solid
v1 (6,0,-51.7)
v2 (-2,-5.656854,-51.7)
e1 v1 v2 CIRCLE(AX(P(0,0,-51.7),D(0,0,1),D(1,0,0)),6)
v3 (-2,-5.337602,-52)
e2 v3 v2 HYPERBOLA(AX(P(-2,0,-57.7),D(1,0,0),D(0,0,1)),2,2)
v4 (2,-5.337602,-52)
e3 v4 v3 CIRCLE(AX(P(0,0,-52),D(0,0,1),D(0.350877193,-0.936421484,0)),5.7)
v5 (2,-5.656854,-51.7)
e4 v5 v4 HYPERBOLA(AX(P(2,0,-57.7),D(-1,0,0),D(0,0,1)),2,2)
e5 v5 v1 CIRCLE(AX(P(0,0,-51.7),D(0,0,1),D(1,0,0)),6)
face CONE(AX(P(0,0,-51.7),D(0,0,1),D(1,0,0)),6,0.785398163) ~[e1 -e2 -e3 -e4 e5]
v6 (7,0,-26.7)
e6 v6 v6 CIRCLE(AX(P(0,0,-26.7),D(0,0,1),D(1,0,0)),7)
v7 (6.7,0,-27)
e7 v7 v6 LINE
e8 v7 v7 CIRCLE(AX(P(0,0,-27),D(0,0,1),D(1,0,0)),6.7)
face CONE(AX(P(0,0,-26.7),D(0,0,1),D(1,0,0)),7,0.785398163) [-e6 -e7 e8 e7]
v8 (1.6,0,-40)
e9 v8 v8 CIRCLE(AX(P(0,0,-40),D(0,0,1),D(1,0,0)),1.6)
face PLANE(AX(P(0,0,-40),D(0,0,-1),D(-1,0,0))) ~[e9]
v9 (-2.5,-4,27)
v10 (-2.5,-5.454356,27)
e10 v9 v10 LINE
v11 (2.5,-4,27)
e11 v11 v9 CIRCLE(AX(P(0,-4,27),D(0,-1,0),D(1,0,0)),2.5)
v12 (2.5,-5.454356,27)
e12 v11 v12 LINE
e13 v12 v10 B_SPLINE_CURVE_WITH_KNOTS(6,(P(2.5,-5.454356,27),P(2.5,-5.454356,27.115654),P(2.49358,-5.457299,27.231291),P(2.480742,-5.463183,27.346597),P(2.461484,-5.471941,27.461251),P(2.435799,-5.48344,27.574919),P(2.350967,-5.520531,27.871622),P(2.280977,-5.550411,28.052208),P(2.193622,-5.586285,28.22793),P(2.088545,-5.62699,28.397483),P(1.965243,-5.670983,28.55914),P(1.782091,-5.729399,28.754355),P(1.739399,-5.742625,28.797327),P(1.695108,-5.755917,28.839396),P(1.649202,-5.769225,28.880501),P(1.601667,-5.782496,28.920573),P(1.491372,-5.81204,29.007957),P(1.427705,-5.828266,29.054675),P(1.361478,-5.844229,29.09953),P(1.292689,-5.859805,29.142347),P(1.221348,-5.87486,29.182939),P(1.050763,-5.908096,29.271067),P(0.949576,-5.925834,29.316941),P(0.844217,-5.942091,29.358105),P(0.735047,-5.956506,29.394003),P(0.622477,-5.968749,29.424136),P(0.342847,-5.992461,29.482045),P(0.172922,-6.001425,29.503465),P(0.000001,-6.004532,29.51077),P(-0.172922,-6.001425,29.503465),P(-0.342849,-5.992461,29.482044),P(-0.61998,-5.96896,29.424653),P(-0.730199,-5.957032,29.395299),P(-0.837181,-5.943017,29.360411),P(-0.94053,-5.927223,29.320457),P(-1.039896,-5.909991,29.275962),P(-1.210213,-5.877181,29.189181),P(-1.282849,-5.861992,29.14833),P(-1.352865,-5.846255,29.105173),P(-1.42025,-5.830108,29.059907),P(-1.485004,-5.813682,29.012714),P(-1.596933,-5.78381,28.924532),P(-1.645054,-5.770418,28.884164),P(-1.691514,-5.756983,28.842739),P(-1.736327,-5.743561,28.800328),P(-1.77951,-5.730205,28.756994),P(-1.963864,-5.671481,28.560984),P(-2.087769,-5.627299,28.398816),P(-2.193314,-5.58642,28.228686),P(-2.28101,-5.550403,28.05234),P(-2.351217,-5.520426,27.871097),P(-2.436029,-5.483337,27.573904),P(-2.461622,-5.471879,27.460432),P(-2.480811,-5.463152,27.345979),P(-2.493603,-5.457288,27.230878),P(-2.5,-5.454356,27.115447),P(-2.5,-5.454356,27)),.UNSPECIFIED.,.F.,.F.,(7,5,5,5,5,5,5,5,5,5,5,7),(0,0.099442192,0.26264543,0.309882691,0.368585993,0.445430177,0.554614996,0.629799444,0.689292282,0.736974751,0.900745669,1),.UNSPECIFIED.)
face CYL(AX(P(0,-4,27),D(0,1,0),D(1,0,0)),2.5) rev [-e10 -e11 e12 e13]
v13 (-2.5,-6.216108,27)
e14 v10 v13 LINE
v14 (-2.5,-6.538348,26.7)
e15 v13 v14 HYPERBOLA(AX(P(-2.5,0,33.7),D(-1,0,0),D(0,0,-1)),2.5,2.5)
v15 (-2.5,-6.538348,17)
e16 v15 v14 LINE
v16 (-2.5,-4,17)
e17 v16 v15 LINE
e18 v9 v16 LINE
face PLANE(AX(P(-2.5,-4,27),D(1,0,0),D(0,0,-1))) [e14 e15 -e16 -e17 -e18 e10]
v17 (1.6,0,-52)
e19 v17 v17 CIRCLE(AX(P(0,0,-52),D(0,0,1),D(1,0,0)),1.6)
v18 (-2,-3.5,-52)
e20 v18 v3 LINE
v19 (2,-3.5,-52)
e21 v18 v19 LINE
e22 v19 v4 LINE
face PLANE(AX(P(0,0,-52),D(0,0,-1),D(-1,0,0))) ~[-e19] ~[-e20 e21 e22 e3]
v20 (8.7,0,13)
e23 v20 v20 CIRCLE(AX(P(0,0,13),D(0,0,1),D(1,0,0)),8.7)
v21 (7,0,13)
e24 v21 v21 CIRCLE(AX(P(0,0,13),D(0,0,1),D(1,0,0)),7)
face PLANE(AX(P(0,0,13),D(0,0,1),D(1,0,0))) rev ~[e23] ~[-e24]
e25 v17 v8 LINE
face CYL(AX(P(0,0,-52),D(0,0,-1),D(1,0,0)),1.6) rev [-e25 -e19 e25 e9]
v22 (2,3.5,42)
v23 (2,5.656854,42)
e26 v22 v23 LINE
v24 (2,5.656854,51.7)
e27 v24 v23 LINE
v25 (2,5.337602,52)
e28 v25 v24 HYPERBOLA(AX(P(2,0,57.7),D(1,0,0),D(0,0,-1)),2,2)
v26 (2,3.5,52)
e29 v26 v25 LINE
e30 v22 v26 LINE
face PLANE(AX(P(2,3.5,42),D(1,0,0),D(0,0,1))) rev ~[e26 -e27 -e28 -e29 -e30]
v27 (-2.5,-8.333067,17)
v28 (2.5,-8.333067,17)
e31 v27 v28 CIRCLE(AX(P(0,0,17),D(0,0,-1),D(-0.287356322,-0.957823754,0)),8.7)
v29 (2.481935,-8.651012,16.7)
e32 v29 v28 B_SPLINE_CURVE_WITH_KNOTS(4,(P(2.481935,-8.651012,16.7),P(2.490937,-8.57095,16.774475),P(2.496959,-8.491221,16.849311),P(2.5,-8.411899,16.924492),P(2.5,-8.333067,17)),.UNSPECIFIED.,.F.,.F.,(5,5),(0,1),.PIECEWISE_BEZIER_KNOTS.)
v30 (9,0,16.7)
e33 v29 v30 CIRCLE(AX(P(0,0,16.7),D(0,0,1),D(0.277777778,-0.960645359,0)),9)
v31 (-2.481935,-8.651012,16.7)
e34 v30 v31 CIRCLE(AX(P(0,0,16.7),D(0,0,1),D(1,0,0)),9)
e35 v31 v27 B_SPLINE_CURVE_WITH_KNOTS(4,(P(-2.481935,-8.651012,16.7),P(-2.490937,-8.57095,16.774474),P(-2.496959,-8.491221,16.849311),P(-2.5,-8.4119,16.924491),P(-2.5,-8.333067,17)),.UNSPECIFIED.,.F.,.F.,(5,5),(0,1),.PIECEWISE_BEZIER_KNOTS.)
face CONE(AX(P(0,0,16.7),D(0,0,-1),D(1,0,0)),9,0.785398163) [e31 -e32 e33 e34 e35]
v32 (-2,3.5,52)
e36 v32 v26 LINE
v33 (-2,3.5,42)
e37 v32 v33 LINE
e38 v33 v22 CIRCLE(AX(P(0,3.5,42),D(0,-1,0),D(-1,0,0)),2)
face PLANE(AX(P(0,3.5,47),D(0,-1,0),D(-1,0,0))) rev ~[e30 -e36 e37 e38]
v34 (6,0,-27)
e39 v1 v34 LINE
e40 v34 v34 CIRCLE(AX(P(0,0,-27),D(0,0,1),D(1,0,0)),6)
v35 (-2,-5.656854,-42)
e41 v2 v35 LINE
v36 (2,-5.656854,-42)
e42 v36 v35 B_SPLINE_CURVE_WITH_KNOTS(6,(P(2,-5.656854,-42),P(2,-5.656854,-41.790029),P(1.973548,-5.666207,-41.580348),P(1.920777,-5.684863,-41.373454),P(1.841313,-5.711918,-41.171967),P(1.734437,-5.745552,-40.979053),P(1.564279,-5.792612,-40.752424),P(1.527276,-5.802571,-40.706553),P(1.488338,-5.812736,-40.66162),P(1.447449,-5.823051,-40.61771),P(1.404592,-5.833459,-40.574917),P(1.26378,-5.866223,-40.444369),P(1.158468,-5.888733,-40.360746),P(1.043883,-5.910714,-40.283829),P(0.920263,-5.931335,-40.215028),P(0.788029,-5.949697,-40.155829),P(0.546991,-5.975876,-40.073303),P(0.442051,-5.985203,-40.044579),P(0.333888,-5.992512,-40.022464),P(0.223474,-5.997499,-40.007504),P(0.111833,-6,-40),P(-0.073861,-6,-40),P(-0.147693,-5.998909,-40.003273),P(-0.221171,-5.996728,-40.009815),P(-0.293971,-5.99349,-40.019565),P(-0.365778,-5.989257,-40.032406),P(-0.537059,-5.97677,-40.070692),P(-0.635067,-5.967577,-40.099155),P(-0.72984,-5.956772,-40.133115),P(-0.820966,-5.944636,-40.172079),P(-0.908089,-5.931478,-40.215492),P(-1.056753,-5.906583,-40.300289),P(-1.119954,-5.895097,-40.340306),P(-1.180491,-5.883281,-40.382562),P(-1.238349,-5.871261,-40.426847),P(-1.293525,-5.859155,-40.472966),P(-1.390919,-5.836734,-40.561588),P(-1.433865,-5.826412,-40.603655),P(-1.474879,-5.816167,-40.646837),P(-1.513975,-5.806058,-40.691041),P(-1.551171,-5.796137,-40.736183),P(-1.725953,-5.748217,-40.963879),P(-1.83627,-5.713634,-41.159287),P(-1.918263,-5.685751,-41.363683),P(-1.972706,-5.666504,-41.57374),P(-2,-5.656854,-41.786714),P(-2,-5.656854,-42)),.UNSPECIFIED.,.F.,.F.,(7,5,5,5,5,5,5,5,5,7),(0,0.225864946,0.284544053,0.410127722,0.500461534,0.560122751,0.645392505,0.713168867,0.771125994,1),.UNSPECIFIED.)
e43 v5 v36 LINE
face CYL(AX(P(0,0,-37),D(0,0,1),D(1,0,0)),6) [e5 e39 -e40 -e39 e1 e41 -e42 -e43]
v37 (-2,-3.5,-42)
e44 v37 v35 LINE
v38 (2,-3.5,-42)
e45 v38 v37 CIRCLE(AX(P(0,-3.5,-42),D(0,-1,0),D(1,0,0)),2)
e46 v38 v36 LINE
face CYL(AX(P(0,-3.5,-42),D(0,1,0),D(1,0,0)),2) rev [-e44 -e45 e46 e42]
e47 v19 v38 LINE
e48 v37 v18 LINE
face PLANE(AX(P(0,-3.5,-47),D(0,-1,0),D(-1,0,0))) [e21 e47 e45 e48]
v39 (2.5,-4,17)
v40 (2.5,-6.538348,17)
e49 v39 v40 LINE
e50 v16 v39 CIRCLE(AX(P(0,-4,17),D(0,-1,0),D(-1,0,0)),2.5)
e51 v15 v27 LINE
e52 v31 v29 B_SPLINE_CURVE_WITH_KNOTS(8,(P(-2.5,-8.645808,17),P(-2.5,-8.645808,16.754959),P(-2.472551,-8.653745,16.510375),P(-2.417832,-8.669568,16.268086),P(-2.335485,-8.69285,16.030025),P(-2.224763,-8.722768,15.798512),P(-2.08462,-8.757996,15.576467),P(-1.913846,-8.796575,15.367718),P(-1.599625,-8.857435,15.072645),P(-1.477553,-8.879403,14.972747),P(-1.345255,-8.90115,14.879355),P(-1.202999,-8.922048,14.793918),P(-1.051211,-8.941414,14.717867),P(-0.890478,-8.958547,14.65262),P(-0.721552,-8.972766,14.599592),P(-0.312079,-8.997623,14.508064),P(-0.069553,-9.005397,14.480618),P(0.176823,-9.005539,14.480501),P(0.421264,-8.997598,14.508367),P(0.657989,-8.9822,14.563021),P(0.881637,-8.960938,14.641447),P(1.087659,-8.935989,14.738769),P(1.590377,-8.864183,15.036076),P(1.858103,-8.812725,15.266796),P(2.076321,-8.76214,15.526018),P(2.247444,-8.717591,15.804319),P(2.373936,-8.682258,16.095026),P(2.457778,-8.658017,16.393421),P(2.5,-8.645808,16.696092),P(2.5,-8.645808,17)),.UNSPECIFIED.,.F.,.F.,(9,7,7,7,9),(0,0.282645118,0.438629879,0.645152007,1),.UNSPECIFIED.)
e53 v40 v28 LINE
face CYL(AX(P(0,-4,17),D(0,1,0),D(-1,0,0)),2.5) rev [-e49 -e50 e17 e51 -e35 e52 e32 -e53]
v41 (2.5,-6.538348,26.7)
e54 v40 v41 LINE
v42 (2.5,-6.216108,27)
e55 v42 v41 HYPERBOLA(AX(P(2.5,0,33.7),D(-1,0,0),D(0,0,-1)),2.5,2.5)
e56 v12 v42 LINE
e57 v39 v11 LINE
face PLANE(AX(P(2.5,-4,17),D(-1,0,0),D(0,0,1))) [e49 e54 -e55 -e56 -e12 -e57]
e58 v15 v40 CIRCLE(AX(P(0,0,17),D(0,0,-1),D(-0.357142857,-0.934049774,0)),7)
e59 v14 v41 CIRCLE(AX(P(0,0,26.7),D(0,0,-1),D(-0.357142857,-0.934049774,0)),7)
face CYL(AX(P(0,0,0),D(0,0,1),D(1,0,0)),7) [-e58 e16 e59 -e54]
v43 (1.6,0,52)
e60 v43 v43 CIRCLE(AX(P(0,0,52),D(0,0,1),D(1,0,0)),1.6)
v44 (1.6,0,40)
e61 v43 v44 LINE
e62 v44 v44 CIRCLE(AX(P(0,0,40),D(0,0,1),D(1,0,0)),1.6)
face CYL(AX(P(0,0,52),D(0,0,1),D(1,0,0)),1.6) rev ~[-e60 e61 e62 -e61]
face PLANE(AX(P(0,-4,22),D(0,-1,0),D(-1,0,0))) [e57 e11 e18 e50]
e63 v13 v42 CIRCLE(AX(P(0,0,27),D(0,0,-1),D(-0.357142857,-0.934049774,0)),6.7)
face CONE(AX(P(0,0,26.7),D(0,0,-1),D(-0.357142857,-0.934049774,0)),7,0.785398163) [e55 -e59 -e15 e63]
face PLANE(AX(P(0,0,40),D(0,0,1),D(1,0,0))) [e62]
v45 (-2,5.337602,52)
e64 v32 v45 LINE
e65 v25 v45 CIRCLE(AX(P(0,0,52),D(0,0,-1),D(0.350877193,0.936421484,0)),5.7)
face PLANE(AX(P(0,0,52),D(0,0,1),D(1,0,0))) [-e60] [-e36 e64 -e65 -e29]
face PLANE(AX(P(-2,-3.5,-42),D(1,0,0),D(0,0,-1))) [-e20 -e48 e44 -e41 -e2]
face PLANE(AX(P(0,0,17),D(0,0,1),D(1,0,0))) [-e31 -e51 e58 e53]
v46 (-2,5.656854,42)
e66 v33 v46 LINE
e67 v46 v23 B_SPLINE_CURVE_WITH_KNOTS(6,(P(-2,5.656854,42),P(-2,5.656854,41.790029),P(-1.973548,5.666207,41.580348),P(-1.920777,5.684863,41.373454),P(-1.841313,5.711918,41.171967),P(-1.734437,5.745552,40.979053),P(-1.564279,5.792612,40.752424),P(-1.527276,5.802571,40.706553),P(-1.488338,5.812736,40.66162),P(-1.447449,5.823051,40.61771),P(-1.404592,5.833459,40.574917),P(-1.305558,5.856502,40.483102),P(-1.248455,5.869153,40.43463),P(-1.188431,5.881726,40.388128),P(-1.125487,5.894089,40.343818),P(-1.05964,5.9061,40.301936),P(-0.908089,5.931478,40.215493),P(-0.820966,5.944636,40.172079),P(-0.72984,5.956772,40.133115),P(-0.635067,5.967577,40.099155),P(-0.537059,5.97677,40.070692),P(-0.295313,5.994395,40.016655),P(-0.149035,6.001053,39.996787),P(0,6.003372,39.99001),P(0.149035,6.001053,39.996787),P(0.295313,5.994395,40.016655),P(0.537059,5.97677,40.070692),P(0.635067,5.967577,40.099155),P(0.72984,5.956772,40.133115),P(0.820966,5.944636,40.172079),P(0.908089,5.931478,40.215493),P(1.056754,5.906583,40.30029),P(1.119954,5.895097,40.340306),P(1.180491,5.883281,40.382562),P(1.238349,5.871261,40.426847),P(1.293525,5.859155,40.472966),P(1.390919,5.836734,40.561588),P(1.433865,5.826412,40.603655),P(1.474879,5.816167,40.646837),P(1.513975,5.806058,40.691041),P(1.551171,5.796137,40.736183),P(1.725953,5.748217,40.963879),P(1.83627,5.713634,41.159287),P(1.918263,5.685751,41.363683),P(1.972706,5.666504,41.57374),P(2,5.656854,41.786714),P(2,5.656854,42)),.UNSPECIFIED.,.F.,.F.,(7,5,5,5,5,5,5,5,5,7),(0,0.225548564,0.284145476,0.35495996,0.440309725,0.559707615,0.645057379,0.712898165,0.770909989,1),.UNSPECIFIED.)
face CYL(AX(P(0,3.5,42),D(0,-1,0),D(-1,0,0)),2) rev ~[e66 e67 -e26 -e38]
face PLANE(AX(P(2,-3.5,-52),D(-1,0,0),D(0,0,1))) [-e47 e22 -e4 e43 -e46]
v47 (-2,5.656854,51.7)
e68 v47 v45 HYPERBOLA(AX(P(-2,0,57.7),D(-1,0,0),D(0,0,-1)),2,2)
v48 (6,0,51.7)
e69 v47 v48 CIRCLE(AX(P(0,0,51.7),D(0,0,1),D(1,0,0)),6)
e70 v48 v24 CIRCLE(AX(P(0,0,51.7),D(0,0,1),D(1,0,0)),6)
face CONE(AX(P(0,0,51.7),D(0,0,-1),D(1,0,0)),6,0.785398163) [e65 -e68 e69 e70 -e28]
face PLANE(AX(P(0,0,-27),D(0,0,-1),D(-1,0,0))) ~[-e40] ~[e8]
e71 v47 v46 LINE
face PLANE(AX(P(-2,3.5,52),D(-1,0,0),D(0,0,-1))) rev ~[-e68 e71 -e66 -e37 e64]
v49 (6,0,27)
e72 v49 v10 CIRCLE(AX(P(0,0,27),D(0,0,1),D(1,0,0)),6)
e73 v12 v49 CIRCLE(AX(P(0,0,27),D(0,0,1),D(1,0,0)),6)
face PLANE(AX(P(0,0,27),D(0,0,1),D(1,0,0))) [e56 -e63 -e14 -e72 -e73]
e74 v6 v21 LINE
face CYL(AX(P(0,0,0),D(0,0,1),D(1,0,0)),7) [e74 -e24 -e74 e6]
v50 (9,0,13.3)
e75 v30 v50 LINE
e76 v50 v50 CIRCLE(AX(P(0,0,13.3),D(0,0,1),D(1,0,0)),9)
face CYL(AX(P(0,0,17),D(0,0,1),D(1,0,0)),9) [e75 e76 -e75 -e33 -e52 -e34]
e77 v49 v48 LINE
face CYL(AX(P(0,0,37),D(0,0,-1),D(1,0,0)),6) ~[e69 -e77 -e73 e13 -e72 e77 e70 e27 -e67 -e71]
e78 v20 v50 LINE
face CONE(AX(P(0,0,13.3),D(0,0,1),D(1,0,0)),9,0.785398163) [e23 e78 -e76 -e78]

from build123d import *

# Parameters (mm, degrees)
SKETCH1_R      = 7
EXTRUDE1_DEPTH = 37
EXTRUDE5_START = -20
SKETCH5_R      = 9
EXTRUDE5_DEPTH = 4
EXTRUDE3_START = -4
EXTRUDE3_DEPTH = 36.127995093
SKETCH4_R      = 7
SKETCH4_R_2    = 6
EXTRUDE4_DEPTH = 10
SKETCH6_R      = 6
EXTRUDE6_DEPTH = 15
CHAMFER1_SIZE  = 0.3
SKETCH7_R      = 1.6
EXTRUDE7_DEPTH = 12
EXTRUDE8_START = -3.5
EXTRUDE8_DEPTH = 12
EXTRUDE9_START = 3.5
EXTRUDE9_DEPTH = 51.035035296


with BuildPart() as part:
    # Sketch1 → Extrude1 (new, symmetric)
    with BuildSketch(Plane.XY):
        Circle(SKETCH1_R)
    extrude(amount=EXTRUDE1_DEPTH, both=True)

    # Sketch5 → Extrude5 (add)
    with BuildSketch(Plane.XY.offset(37).offset(EXTRUDE5_START)):
        Circle(SKETCH5_R)
    extrude(amount=-EXTRUDE5_DEPTH)

    # Sketch3 → Extrude3 (cut, through all)
    with BuildSketch(Plane(origin=(0, 0, 0), x_dir=(1, 0, 0), z_dir=(0, 1, 0)).offset(EXTRUDE3_START)):
        with BuildLine():
            Line((-2.5, -27), (-2.5, -17))
            ThreePointArc((-2.5, -17), (0, -14.5), (2.5, -17))
            Line((2.5, -17), (2.5, -27))
            ThreePointArc((2.5, -27), (0, -29.5), (-2.5, -27))
        make_face()
    extrude(amount=-EXTRUDE3_DEPTH, mode=Mode.SUBTRACT)

    # Sketch4 → Extrude4 (cut)
    with BuildSketch(Plane.XY.offset(37)):
        Circle(SKETCH4_R)
        Circle(SKETCH4_R_2, mode=Mode.SUBTRACT)
    extrude4 = extrude(amount=-EXTRUDE4_DEPTH, mode=Mode.SUBTRACT)

    # Mirror1: Extrude4 across plane
    add(extrude4.mirror(Plane.XY), mode=Mode.SUBTRACT)

    # Sketch6 → Extrude6 (add)
    with BuildSketch(Plane.XY.offset(37)):
        Circle(SKETCH6_R)
    extrude6 = extrude(amount=EXTRUDE6_DEPTH)

    # Mirror2: Extrude6 across plane
    add(extrude6.mirror(Plane.XY))

    # Chamfer1
    chamfer1_edges = [part.edges().sort_by_distance(p)[0] for p in [
        (-6, 0, 52),
        (-6, 0, -52),
        (-7, 0, -27),
        (-9, 0, 13),
        (-5.408326913, 7.193747285, 17),
        (0, 7, 27),
    ]]
    chamfer(chamfer1_edges, length=CHAMFER1_SIZE)

    # Sketch7 → Extrude7 (cut)
    with BuildSketch(Plane.XY.offset(52)):
        Circle(SKETCH7_R)
    extrude7 = extrude(amount=-EXTRUDE7_DEPTH, mode=Mode.SUBTRACT)

    # Mirror3: Extrude7 across plane
    add(extrude7.mirror(Plane.XY), mode=Mode.SUBTRACT)

    # Sketch8 → Extrude8 (cut)
    with BuildSketch(Plane(origin=(0, 0, 0), x_dir=(1, 0, 0), z_dir=(0, 1, 0)).offset(EXTRUDE8_START)):
        with BuildLine():
            Line((2, 52), (2, 42))
            ThreePointArc((2, 42), (0, 40), (-2, 42))
            Line((-2, 42), (-2, 52))
            ThreePointArc((-2, 52), (0, 54), (2, 52))
        make_face()
    extrude(amount=-EXTRUDE8_DEPTH, mode=Mode.SUBTRACT)

    # Sketch9 → Extrude9 (cut, through all)
    with BuildSketch(Plane(origin=(0, 0, 0), x_dir=(1, 0, 0), z_dir=(0, 1, 0)).offset(EXTRUDE9_START)):
        with BuildLine():
            Line((-2, -52), (-2, -42))
            ThreePointArc((-2, -42), (0, -40), (2, -42))
            Line((2, -42), (2, -52))
            ThreePointArc((2, -52), (0, -54), (-2, -52))
        make_face()
    extrude(amount=EXTRUDE9_DEPTH, mode=Mode.SUBTRACT)


solid = part.part
